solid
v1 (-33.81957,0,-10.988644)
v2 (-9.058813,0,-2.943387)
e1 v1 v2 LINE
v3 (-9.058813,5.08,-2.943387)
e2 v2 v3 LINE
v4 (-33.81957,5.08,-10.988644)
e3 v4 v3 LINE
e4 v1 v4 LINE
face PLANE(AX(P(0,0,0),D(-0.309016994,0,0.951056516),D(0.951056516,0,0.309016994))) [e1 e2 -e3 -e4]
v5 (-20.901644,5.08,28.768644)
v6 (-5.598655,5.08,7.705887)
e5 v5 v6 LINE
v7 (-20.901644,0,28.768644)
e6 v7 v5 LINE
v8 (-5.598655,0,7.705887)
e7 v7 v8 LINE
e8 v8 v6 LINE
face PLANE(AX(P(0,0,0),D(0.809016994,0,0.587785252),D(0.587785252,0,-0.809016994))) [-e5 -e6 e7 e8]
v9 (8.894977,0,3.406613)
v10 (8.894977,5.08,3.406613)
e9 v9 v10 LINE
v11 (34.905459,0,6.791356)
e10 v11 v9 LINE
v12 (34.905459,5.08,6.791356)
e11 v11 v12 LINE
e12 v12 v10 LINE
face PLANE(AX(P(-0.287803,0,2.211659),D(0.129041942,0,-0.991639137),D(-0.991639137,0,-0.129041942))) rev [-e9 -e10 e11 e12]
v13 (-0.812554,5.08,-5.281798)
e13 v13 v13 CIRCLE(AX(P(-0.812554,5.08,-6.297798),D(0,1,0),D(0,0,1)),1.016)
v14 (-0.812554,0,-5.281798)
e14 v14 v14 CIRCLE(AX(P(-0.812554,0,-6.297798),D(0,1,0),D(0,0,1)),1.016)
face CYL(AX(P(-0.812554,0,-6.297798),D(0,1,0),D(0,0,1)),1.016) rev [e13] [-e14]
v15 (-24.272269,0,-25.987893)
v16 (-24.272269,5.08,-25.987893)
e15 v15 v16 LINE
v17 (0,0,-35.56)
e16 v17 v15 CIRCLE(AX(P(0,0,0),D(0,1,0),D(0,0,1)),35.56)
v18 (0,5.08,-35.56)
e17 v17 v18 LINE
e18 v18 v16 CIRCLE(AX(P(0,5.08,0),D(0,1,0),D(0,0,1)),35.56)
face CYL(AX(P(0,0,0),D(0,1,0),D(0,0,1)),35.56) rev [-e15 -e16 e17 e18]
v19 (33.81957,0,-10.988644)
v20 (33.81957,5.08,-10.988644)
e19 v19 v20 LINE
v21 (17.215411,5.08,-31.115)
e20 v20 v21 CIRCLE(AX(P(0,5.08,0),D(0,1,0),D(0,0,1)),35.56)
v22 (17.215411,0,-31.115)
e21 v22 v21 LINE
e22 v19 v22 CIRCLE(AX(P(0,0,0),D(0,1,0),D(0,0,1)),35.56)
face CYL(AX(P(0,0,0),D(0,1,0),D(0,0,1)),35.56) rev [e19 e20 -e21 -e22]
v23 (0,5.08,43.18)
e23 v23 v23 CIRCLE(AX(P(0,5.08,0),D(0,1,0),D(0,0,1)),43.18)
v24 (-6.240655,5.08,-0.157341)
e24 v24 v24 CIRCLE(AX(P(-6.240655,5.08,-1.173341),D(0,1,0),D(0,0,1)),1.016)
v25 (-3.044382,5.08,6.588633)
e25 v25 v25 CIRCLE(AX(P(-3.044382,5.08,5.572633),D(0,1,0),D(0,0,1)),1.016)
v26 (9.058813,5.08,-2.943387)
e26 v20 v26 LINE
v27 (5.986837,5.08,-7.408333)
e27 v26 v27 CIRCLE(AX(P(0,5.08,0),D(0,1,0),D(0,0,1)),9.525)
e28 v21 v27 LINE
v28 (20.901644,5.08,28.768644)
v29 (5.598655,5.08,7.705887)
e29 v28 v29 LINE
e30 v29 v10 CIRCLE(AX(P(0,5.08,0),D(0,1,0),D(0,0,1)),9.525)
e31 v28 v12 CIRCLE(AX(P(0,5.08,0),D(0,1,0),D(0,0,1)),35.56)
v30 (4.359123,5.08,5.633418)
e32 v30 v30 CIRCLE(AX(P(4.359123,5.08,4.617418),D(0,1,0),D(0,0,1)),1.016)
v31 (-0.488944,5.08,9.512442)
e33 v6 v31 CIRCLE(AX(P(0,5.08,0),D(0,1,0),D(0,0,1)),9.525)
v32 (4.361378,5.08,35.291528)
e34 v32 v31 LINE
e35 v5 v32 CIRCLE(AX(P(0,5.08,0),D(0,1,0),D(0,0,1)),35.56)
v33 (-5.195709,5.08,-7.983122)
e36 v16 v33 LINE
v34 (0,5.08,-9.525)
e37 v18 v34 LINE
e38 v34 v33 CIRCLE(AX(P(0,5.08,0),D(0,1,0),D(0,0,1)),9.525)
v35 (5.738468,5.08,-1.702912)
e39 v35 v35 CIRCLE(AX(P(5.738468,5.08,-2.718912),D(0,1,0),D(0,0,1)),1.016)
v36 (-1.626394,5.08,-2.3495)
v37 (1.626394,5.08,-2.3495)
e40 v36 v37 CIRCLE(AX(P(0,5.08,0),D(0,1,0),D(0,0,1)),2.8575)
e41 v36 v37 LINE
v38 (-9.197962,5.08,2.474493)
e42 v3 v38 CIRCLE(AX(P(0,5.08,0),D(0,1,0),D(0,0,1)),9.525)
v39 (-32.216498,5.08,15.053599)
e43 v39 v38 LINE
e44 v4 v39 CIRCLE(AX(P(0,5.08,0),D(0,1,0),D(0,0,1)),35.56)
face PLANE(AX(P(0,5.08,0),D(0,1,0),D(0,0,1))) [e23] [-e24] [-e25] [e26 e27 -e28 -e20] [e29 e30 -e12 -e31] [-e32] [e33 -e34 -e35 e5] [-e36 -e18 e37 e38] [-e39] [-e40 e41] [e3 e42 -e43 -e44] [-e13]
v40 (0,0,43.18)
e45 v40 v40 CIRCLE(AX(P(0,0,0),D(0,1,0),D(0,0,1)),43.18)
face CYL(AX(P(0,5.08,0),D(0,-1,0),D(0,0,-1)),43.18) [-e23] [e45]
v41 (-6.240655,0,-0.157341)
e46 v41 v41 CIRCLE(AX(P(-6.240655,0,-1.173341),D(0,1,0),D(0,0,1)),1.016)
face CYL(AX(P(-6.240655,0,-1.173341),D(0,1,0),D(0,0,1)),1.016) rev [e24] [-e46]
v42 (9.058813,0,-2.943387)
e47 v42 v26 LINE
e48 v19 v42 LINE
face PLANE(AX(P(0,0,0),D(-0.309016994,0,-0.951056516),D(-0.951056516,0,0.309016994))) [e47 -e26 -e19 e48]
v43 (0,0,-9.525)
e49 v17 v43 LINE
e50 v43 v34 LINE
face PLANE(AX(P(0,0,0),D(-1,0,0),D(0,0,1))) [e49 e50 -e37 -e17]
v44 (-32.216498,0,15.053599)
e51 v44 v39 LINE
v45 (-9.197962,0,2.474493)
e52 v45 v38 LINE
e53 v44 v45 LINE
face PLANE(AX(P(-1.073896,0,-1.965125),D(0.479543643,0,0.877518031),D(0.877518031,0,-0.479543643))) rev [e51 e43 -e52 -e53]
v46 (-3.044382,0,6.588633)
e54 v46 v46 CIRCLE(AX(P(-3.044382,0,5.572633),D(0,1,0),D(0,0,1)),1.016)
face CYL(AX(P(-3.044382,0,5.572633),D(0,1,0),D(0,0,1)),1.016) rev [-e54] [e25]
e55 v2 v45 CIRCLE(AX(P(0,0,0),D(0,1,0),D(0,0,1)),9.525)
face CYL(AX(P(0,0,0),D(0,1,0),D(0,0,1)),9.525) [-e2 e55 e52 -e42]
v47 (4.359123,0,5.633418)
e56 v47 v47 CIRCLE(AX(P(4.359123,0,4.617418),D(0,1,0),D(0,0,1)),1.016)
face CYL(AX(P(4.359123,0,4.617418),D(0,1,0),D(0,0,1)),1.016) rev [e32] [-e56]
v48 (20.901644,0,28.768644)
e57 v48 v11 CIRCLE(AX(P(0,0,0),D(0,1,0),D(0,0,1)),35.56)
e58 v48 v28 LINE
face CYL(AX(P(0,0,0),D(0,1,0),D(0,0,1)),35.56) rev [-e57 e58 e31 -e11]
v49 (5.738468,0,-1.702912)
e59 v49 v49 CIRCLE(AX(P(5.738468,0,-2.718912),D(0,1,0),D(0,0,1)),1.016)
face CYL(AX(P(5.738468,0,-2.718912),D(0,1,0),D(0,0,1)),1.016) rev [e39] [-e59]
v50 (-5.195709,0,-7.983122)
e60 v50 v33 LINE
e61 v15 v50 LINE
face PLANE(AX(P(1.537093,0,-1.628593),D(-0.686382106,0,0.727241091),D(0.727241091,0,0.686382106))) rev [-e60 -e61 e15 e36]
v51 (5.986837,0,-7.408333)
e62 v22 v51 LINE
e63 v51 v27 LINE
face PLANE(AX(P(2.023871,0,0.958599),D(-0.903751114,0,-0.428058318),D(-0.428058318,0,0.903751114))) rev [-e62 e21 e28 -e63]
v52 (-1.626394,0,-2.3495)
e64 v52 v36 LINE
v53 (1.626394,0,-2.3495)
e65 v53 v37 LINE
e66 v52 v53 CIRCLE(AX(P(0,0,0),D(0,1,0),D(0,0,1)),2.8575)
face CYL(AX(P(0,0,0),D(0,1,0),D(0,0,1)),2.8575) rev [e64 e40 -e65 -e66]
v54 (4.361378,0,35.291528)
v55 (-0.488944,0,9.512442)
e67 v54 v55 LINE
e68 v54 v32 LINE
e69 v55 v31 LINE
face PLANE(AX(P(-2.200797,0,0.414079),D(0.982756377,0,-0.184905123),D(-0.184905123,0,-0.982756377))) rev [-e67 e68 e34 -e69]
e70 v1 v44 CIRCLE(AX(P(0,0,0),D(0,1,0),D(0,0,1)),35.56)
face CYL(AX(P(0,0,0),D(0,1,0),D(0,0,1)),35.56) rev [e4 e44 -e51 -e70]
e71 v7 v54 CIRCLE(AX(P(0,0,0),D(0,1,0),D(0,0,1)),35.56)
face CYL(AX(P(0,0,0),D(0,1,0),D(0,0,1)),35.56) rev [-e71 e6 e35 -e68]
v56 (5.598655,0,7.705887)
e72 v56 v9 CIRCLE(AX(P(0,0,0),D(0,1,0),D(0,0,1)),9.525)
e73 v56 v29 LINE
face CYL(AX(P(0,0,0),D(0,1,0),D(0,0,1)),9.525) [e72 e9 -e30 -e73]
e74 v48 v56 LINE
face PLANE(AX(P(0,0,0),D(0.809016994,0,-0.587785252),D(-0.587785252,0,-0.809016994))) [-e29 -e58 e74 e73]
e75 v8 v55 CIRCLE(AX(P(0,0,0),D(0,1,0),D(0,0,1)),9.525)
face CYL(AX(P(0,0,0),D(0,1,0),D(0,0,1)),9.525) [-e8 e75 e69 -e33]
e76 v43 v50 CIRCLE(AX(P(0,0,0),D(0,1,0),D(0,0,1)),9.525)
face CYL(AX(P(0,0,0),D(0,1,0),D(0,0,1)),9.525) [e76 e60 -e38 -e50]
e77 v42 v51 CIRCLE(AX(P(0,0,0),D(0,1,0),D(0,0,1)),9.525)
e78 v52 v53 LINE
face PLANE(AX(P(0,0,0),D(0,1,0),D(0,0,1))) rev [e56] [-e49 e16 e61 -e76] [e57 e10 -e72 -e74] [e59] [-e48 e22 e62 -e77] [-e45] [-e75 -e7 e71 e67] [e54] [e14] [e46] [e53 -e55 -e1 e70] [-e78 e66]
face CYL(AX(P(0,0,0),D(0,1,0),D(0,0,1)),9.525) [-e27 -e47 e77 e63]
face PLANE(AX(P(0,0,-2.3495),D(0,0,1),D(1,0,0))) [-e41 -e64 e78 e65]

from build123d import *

# Parameters (mm, degrees)
SKETCH2_R           = 43.18
BOSS_EXTRUDE1_DEPTH = 5.08
CUT_EXTRUDE1_DEPTH  = 62.276677456
CUT_EXTRUDE2_DEPTH  = 62.276677456
SKETCH6_R           = 1.016
CUT_EXTRUDE3_DEPTH  = 62.276677456


with BuildPart() as part:
    # Sketch2 → Boss-Extrude1 (new body)
    with BuildSketch(Plane(origin=(0, 0, 0), x_dir=(1, 0, 0), z_dir=(0, 1, 0))):
        with Locations(Location((0, 0, 0), (0, 0, 270))):
            Circle(SKETCH2_R)
    extrude(amount=BOSS_EXTRUDE1_DEPTH)

    # Sketch3 → Cut-Extrude1 (cut, through all)
    with BuildSketch(Plane(origin=(0, 5.08, 0), x_dir=(1, 0, 0), z_dir=(0, 1, 0))):
        with BuildLine():
            Line((1.626393556, 2.3495), (-1.626393556, 2.3495))
            ThreePointArc((-1.626393556, 2.3495), (-1.326251609, -2.531079398), (2.8575, 0))
            ThreePointArc((2.8575, 0), (2.531079398, 1.326251609), (1.626393556, 2.3495))
        make_face()
    extrude(amount=-CUT_EXTRUDE1_DEPTH, mode=Mode.SUBTRACT)

    # Sketch5 → Cut-Extrude2 (cut, through all)
    with BuildSketch(Plane(origin=(0, 5.08, 0), x_dir=(1, 0, 0), z_dir=(0, 1, 0))):
        with BuildLine():
            Line((-9.058813318, 2.943386871), (-33.819569719, 10.98864432))
            ThreePointArc((-33.819569719, 10.98864432), (-35.492818655, -2.184816682), (-32.216498168, -15.053599097))
            Line((-32.216498168, -15.053599097), (-9.197962288, -2.474492827))
            ThreePointArc((-9.197962288, -2.474492827), (-9.521860059, 0.244552684), (-9.058813318, 2.943386871))
        make_face()
        with BuildLine():
            Line((-5.598654528, -7.705886871), (-20.901643572, -28.76864432))
            ThreePointArc((-20.901643572, -28.76864432), (-8.89, -34.430821948), (4.361378082, -35.291528463))
            Line((4.361378082, -35.291528463), (-0.488944133, -9.512442307))
            ThreePointArc((-0.488944133, -9.512442307), (-3.175, -8.980256121), (-5.598654528, -7.705886871))
        make_face()
        with BuildLine():
            Line((5.598654528, -7.705886871), (20.901643572, -28.76864432))
            ThreePointArc((20.901643572, -28.76864432), (29.9893062, -19.109032253), (34.905459287, -6.79135568))
            Line((34.905459287, -6.79135568), (8.894976784, -3.406613129))
            ThreePointArc((8.894976784, -3.406613129), (7.558920282, -5.795545631), (5.598654528, -7.705886871))
        make_face()
        with BuildLine():
            ThreePointArc((33.819569719, 10.98864432), (27.430090445, 22.629709193), (17.215410974, 31.115))
            Line((17.215410974, 31.115), (5.986837414, 7.408333333))
            ThreePointArc((5.986837414, 7.408333333), (7.847091067, 5.39896164), (9.058813318, 2.943386871))
            Line((9.058813318, 2.943386871), (33.819569719, 10.98864432))
        make_face()
        with BuildLine():
            ThreePointArc((0, 35.56), (-13.045768285, 33.080530979), (-24.272268948, 25.987892567))
            Line((-24.272268948, 25.987892567), (-5.195709188, 7.983121635))
            ThreePointArc((-5.195709188, 7.983121635), (-2.709833153, 9.131397992), (0, 9.525))
            Line((0, 9.525), (0, 35.56))
        make_face()
    extrude(amount=-CUT_EXTRUDE2_DEPTH, mode=Mode.SUBTRACT)

    # Sketch6 → Cut-Extrude3 (cut, through all)
    with BuildSketch(Plane(origin=(0, 5.08, 0), x_dir=(1, 0, 0), z_dir=(0, 1, 0))):
        with Locations(Location((5.738468444, 2.718911532, 0), (0, 0, 270))):
            Circle(SKETCH6_R)
        with Locations(Location((4.3591228, -4.617417938, 0), (0, 0, 270))):
            Circle(SKETCH6_R)
        with Locations(Location((-6.240654593, 1.173341487, 0), (0, 0, 270))):
            Circle(SKETCH6_R)
        with Locations(Location((-0.812554258, 6.297797677, 0), (0, 0, 270))):
            Circle(SKETCH6_R)
        with Locations(Location((-3.044382392, -5.572632757, 0), (0, 0, 270))):
            Circle(SKETCH6_R)
    extrude(amount=-CUT_EXTRUDE3_DEPTH, mode=Mode.SUBTRACT)


solid = part.part
